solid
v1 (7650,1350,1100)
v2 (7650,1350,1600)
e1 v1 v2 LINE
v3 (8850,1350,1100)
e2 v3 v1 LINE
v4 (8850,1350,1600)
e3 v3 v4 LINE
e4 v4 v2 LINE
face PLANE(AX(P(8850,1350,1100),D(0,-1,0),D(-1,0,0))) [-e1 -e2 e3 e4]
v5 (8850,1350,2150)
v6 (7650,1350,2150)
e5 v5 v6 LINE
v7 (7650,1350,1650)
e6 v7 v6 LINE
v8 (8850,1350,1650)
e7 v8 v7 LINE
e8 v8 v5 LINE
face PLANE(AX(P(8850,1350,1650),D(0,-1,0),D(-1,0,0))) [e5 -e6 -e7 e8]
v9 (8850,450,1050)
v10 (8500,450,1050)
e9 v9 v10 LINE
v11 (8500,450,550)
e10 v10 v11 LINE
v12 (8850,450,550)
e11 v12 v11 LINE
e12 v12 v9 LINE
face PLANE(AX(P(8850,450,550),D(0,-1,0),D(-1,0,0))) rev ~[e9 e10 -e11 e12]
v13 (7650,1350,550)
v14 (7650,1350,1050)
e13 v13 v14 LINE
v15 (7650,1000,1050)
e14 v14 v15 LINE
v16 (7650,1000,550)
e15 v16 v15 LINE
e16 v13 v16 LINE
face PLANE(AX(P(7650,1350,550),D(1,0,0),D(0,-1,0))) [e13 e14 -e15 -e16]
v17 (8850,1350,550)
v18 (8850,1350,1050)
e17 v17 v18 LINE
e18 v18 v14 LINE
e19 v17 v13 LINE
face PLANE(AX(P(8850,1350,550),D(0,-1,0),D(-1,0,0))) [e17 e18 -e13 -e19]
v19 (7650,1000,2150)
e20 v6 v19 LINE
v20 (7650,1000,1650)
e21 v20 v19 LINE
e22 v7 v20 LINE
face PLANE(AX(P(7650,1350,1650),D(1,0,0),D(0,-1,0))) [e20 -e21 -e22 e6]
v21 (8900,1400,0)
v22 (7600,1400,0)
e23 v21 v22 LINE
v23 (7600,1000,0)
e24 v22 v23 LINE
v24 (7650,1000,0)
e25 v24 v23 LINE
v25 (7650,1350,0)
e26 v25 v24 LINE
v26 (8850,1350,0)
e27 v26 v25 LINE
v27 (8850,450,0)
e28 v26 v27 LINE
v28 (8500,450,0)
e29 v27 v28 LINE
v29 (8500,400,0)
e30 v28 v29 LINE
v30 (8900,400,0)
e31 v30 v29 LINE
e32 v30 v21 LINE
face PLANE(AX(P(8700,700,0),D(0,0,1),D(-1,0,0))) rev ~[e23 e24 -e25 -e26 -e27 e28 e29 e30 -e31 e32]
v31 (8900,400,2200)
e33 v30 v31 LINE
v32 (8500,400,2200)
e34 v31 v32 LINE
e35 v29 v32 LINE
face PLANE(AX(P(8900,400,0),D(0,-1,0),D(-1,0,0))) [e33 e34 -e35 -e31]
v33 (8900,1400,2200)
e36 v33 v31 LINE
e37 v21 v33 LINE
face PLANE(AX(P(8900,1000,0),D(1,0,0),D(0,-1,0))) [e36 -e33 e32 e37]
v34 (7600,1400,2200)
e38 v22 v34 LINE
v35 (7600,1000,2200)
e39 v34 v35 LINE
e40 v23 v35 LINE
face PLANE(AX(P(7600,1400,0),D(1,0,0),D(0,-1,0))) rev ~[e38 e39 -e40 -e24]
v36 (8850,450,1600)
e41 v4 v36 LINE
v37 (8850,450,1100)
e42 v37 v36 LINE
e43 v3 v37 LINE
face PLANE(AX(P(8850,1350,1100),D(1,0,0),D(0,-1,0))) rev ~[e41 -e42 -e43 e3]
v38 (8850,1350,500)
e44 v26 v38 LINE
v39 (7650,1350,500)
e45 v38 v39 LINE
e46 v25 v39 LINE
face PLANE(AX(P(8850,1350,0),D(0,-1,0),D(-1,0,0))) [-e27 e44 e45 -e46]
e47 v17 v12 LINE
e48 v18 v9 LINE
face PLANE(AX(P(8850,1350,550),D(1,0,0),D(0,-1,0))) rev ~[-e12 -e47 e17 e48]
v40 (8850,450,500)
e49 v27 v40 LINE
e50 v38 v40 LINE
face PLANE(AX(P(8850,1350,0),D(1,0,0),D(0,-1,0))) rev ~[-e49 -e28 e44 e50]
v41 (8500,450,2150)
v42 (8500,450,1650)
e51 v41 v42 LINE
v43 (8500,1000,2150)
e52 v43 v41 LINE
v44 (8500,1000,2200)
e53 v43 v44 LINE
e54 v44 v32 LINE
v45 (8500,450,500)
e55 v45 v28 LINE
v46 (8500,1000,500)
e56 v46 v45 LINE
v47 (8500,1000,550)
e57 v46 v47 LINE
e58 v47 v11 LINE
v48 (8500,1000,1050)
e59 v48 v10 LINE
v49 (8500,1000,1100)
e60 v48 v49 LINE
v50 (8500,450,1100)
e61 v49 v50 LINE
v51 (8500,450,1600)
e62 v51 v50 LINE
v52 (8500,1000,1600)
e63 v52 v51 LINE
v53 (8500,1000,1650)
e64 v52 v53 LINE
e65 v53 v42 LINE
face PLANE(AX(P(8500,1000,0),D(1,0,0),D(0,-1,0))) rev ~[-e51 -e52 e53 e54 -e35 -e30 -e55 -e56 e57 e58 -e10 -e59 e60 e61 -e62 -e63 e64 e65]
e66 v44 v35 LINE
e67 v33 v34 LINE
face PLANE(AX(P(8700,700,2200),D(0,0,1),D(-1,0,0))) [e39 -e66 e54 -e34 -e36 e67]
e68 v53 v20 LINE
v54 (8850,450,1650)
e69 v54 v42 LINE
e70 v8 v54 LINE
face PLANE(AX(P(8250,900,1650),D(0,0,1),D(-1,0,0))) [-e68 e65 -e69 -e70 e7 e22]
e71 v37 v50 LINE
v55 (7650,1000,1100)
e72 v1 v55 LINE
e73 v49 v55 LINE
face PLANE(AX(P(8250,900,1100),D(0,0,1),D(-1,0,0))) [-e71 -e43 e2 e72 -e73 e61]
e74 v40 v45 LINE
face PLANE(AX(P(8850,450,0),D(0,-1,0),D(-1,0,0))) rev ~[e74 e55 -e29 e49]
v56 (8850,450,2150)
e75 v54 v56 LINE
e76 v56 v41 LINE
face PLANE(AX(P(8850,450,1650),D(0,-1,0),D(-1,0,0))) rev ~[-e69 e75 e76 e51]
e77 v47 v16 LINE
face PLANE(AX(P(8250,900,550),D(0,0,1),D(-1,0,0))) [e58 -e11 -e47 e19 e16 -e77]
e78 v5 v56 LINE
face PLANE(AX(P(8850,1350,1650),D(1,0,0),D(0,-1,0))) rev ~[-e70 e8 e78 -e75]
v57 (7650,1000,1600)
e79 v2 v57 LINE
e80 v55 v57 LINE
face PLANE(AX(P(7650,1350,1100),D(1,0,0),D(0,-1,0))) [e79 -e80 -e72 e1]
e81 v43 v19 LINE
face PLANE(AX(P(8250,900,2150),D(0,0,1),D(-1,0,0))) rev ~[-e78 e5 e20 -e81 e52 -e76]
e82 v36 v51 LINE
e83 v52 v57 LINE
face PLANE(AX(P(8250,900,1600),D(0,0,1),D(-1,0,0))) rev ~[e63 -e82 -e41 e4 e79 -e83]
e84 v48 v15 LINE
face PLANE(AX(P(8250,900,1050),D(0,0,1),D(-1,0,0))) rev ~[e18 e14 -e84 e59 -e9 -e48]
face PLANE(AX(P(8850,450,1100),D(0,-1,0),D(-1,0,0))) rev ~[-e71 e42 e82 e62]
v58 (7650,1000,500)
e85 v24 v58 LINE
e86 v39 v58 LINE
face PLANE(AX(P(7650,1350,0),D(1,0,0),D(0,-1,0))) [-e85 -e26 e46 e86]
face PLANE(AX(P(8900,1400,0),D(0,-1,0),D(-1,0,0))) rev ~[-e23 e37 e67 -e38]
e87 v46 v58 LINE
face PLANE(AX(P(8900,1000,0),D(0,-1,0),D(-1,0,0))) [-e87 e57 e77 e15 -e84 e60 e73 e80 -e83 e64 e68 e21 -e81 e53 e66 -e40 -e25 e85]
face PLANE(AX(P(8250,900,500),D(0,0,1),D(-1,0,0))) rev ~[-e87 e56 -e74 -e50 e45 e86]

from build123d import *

# Parameters (mm, degrees)
BOX3529_W        = 1200
BOX3529_H        = 900
BOX3529_DEPTH    = 500
ARRAY281_Z_COUNT = 4
ARRAY281_Z_PITCH = 550
BOX3527_W        = 400
BOX3527_H        = 600
BOX3527_DEPTH    = 2200
BOX3528_W        = 1300
BOX3528_H        = 400
BOX3528_DEPTH    = 2200


with BuildPart() as array281:
    # Box3529 → Box3529 (new body)
    with BuildSketch(Plane(origin=(8850, 1350, 0), x_dir=(-1, 0, 0), z_dir=(0, 0, 1))):
        with Locations((600, 450)):
            Rectangle(BOX3529_W, BOX3529_H)
    extrude(amount=BOX3529_DEPTH)

    # Array281 Z: Array281 ×4


with BuildPart() as array281_1:
    add(array281.part)
    with Locations(*[(0, 0, i * ARRAY281_Z_PITCH) for i in range(1, ARRAY281_Z_COUNT)]):
        add(array281.part)


with BuildPart() as box3527:
    # Box3527 → Box3527 (new body)
    with BuildSketch(Plane(origin=(8900, 1000, 0), x_dir=(-1, 0, 0), z_dir=(0, 0, 1))):
        with Locations((200, 300)):
            Rectangle(BOX3527_W, BOX3527_H)
    extrude(amount=BOX3527_DEPTH)


with BuildPart() as cut003:
    # Box3528 → Box3528 (new body)
    with BuildSketch(Plane(origin=(8900, 1400, 0), x_dir=(-1, 0, 0), z_dir=(0, 0, 1))):
        with Locations((650, 200)):
            Rectangle(BOX3528_W, BOX3528_H)
    extrude(amount=BOX3528_DEPTH)

    # Fusion015: union Box3527
    add(box3527.part)

    # Cut003: cut Array281
    add(array281_1.part, mode=Mode.SUBTRACT)


solid = cut003.part
